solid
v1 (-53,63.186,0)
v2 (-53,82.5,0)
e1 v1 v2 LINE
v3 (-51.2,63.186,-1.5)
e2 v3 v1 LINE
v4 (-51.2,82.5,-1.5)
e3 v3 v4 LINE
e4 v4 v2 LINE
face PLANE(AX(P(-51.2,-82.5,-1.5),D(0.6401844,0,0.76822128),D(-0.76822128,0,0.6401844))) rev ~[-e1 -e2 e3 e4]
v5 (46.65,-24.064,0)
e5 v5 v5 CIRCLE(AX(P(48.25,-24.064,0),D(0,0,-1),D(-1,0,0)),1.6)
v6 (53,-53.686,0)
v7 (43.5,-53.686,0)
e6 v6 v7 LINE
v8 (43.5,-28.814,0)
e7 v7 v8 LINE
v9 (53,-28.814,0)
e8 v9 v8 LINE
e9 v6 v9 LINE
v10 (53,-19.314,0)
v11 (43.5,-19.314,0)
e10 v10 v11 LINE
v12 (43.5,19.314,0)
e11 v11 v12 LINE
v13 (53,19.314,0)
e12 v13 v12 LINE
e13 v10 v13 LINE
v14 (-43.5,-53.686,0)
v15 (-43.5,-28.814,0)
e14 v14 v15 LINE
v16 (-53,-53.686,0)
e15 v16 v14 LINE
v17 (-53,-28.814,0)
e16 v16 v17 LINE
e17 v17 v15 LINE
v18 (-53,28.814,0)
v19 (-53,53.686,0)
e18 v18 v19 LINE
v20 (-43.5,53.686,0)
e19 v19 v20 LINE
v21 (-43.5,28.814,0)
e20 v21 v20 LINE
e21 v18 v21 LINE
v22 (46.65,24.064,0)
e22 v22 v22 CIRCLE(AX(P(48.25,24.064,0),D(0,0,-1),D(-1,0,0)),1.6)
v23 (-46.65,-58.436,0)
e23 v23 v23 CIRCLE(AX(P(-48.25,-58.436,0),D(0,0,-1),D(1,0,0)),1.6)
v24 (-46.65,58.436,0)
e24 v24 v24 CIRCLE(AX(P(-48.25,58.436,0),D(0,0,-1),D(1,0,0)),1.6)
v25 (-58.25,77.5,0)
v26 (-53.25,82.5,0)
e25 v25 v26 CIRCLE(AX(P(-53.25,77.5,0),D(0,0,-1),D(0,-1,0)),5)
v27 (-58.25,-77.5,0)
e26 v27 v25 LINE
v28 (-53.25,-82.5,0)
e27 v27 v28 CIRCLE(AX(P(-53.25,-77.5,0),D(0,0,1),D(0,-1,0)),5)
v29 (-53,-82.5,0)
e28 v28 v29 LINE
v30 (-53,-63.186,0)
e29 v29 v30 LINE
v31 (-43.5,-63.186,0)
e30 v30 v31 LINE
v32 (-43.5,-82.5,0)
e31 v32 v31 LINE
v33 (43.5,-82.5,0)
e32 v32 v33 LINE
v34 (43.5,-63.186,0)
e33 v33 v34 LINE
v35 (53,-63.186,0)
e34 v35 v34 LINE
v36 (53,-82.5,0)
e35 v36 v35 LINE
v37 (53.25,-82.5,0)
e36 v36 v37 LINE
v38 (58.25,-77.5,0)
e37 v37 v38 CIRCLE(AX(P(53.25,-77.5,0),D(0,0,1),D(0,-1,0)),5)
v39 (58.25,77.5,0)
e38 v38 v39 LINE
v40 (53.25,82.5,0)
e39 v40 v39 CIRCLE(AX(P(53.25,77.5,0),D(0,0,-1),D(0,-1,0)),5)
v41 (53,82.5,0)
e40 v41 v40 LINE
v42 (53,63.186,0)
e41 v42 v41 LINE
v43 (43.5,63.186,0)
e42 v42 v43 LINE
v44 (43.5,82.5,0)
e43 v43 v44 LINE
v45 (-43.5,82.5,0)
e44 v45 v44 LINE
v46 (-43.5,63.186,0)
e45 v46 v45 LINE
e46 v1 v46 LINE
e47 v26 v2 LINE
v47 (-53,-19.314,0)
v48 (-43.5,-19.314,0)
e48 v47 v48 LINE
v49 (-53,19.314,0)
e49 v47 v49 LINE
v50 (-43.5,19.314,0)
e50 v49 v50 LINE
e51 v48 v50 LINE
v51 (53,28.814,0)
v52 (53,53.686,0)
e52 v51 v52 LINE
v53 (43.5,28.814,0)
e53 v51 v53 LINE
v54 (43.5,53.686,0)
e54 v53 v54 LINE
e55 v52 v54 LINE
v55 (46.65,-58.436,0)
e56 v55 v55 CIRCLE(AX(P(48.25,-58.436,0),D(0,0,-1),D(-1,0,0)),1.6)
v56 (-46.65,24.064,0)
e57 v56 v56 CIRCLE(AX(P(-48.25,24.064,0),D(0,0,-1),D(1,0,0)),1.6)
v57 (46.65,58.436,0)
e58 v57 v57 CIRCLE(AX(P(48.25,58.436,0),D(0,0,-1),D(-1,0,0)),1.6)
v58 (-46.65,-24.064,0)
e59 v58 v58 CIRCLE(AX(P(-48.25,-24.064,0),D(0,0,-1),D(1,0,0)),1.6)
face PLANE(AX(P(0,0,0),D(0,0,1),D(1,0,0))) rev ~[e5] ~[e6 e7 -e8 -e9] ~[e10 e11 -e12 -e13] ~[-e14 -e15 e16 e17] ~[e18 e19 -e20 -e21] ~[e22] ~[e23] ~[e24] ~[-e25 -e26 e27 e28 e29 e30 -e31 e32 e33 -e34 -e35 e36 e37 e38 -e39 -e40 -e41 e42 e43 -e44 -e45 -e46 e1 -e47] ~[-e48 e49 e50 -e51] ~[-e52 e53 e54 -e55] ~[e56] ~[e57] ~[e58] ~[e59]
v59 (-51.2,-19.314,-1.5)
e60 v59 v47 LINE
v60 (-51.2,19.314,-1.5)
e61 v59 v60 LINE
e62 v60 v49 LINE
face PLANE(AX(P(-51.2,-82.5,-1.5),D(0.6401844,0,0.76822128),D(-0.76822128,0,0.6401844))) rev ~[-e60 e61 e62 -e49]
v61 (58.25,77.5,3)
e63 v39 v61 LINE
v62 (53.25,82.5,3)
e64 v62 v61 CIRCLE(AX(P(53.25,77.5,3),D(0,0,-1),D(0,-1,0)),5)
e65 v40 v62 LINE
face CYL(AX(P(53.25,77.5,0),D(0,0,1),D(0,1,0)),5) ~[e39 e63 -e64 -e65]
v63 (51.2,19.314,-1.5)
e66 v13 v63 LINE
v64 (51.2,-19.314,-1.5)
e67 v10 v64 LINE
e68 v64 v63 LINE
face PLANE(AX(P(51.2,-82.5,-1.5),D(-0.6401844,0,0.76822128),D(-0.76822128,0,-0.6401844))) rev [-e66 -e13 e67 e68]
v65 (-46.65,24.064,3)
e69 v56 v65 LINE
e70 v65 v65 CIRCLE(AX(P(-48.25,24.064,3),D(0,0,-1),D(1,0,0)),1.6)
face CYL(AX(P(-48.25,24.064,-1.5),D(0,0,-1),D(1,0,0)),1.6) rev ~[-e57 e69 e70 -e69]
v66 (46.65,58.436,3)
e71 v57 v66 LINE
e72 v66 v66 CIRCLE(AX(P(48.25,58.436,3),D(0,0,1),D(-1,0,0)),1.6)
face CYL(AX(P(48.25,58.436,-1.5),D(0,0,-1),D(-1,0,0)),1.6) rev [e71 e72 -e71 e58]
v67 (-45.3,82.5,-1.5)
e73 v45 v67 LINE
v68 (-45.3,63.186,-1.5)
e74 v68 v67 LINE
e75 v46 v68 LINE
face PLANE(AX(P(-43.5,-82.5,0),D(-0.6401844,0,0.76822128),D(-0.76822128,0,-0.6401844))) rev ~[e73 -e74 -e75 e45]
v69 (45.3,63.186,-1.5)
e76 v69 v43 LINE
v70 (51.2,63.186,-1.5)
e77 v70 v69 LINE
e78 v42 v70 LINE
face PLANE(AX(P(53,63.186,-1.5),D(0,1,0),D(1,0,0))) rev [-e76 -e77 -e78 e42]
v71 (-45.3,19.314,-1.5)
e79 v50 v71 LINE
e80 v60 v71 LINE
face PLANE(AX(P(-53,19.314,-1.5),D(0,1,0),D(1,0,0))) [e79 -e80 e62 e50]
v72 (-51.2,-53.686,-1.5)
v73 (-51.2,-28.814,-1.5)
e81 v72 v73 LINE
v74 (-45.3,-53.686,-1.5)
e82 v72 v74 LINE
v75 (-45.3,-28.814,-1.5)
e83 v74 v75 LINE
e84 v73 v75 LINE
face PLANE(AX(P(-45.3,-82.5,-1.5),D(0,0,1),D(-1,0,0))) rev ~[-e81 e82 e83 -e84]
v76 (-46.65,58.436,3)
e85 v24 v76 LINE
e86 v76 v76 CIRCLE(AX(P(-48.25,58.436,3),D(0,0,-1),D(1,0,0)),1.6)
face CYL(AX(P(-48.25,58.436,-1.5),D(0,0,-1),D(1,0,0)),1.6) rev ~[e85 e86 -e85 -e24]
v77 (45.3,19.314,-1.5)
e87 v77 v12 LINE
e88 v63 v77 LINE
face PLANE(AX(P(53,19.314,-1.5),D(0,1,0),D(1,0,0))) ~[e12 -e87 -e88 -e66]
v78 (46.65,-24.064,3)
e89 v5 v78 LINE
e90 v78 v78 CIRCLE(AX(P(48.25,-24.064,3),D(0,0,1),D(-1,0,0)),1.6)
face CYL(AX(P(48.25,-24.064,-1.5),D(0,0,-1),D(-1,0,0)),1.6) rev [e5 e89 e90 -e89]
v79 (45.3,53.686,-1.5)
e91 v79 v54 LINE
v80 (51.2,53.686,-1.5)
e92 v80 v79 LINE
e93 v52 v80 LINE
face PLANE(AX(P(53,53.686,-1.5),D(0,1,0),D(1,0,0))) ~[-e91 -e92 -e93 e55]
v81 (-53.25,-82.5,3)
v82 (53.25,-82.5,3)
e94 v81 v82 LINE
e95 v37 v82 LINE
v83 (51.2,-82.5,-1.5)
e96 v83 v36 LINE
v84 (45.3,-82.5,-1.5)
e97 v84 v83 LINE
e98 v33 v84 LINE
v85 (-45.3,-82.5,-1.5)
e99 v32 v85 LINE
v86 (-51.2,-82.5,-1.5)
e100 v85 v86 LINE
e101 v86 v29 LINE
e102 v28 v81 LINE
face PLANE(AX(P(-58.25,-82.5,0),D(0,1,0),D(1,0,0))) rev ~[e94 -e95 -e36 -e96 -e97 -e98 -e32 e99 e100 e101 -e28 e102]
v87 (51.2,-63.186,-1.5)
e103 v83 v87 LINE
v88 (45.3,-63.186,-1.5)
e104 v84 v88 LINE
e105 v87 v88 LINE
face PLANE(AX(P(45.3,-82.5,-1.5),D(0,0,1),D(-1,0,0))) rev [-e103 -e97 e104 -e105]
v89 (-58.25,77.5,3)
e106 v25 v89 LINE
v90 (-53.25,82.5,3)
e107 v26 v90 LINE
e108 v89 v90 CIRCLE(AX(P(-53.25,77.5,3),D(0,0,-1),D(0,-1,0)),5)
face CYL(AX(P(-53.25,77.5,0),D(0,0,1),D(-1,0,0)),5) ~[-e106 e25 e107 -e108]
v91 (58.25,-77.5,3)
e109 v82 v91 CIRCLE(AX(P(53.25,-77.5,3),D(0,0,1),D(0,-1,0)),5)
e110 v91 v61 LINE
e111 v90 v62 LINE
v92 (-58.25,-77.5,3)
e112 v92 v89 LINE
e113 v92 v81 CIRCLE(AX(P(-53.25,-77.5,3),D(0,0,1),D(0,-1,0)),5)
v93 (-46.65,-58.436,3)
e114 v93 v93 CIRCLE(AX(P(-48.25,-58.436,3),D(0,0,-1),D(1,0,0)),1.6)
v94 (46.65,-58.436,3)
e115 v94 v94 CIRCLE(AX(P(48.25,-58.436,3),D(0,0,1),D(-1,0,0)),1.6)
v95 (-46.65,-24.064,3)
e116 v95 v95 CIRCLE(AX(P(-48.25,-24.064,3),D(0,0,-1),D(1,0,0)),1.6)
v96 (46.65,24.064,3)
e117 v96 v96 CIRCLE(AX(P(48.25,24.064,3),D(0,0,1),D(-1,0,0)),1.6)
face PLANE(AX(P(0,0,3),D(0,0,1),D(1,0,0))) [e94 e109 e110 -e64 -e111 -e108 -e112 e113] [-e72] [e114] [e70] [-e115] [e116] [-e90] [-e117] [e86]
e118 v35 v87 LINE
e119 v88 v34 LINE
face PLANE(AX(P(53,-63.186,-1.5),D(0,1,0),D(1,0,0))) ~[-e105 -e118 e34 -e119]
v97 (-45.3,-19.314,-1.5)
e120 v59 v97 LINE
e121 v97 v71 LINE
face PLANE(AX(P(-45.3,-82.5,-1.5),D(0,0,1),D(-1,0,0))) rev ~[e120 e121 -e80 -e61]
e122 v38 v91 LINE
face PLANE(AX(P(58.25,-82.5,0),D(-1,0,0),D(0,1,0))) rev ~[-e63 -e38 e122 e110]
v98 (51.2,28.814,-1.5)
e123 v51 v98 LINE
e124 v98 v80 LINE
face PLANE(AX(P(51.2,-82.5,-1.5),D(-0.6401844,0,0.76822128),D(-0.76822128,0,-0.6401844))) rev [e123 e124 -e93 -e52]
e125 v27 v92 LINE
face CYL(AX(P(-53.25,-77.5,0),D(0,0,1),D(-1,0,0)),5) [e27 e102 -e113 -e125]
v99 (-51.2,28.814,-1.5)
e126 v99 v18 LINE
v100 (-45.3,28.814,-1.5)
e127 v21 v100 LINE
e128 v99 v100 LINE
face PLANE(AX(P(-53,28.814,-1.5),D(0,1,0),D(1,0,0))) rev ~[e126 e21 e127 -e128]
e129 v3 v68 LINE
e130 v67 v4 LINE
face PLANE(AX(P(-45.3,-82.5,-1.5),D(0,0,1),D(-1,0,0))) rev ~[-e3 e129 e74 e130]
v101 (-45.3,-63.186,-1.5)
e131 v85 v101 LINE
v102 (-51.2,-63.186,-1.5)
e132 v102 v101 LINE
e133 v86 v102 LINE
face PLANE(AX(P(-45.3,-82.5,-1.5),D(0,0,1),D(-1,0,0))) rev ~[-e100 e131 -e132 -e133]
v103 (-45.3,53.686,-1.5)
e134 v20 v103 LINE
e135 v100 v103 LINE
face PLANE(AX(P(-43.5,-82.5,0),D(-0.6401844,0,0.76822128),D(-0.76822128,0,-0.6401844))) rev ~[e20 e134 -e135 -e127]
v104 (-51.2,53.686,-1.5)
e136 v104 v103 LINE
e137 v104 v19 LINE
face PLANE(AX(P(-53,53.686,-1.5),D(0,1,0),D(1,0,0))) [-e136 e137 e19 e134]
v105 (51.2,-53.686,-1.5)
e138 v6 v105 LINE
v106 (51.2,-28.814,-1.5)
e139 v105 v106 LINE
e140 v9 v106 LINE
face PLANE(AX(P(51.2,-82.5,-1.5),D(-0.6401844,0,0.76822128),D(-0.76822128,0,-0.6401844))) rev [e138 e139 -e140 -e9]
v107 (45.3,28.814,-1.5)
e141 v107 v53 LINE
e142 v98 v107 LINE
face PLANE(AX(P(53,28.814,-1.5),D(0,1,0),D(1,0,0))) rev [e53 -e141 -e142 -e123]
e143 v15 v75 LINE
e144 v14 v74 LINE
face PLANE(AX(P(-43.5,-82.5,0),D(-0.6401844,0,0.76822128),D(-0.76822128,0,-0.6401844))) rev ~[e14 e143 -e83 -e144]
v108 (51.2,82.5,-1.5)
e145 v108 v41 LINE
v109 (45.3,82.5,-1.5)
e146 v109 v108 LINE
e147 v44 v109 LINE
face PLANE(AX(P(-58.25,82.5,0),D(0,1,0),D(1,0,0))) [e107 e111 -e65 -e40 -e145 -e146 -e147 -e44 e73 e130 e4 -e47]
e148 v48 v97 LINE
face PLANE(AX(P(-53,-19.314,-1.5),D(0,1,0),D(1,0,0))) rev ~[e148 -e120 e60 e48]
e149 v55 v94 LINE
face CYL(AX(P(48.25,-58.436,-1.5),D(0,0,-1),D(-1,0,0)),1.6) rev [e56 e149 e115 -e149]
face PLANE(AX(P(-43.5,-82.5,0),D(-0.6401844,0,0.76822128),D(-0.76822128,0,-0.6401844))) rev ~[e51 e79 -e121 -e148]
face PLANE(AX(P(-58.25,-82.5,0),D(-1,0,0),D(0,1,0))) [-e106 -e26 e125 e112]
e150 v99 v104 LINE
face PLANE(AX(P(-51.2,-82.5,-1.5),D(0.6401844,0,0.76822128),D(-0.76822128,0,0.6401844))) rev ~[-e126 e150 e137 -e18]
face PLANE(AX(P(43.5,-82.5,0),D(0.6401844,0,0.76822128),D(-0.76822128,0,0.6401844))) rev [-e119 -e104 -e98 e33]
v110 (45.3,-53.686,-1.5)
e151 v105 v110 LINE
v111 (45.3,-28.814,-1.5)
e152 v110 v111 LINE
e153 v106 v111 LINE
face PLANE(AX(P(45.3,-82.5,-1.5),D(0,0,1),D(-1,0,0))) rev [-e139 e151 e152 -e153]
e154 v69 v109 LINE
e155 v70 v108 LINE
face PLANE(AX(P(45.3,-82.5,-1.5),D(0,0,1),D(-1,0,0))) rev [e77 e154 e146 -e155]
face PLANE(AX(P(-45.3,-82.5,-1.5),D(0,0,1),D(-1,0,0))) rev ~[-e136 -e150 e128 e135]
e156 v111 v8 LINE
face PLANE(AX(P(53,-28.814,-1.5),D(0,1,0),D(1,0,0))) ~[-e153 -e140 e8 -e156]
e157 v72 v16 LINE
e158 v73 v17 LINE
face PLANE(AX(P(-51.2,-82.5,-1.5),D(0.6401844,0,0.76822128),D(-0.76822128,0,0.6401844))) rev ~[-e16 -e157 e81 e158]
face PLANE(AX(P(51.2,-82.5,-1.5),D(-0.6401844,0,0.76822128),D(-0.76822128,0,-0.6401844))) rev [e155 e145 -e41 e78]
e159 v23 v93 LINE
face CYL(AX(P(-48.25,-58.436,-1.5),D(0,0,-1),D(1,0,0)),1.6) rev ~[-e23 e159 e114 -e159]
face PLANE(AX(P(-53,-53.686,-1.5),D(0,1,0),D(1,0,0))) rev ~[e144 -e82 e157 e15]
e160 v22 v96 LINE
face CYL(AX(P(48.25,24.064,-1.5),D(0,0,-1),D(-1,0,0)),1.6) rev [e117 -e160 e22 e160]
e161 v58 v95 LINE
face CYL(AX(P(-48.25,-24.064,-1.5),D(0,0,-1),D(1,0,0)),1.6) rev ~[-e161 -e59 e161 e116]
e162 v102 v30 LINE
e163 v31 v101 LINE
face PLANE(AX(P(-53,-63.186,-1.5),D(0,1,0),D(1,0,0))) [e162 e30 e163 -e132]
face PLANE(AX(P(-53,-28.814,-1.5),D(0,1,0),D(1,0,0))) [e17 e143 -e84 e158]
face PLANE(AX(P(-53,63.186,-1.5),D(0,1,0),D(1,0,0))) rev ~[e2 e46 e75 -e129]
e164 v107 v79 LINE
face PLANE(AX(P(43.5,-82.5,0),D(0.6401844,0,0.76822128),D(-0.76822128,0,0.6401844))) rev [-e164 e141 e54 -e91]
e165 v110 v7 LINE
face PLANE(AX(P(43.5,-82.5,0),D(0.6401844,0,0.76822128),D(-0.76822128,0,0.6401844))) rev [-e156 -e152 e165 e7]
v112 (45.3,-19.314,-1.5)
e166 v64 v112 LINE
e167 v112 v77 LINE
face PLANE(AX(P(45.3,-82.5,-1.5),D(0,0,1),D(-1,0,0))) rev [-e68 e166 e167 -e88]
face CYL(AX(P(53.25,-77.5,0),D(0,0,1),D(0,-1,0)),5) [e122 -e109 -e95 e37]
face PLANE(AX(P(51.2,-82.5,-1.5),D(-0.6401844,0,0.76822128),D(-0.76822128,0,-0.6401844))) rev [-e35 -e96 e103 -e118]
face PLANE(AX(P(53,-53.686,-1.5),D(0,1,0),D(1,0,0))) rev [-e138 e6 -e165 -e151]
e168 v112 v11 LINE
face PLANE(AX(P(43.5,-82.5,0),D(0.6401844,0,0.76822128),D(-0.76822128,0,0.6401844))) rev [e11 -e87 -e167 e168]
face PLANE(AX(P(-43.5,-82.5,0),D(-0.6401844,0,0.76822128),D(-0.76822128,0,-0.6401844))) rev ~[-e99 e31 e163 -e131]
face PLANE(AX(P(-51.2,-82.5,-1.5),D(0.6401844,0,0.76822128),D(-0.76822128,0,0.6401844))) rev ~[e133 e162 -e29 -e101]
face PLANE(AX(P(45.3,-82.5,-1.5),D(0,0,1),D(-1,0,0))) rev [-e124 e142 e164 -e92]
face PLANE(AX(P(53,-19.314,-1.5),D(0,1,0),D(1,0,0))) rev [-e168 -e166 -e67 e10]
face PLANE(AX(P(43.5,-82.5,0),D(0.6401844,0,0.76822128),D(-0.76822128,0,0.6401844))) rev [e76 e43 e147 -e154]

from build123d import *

# Parameters (mm, degrees)
SKETCH_W        = 116.5
SKETCH_H        = 165
PAD_DEPTH       = 3
PAD001_DEPTH    = 165
SKETCH002_R     = 1.6
POCKET_DEPTH    = 4.5
SKETCH003_W     = 9.5
SKETCH003_H     = 9.5
POCKET001_DEPTH = 1.5
FILLET_R        = 5


with BuildPart() as part:
    # Sketch → Pad (new body)
    with BuildSketch(Plane.XY):
        Rectangle(SKETCH_W, SKETCH_H)
    extrude(amount=PAD_DEPTH)

    # Sketch001 (on Face3 of Pad) → Pad001 (join)
    with BuildSketch(Plane.XZ.offset(82.5)):
        Polygon((-53, 0), (-43.5, 0), (-45.3, -1.5), (-51.2, -1.5), align=None)
    pad001 = extrude(amount=-PAD001_DEPTH)

    # Sketch002 (on Face10 of Pad001) → Pocket (cut)
    with BuildSketch(Plane(origin=(0, 0, -1.5), x_dir=(1, 0, 0), z_dir=(0, 0, -1))):
        with Locations((-48.25, -24.064)):
            Circle(SKETCH002_R)
        with Locations((-48.25, -58.436)):
            Circle(SKETCH002_R)
        with Locations((-48.25, 58.436)):
            Circle(SKETCH002_R)
        with Locations((-48.25, 24.064)):
            Circle(SKETCH002_R)
    pocket = extrude(amount=-POCKET_DEPTH, mode=Mode.SUBTRACT)

    # Sketch003 (on Face10 of Pocket) → Pocket001 (cut)
    with BuildSketch(Plane(origin=(0, 0, -1.5), x_dir=(1, 0, 0), z_dir=(0, 0, -1))):
        with Locations((-48.25, 24.064)):
            Rectangle(SKETCH003_W, SKETCH003_H)
        with Locations((-48.25, 58.436)):
            Rectangle(SKETCH003_W, SKETCH003_H)
        with Locations((-48.25, -24.064)):
            Rectangle(SKETCH003_W, SKETCH003_H)
        with Locations((-48.25, -58.436)):
            Rectangle(SKETCH003_W, SKETCH003_H)
    pocket001 = extrude(amount=-POCKET001_DEPTH, mode=Mode.SUBTRACT)

    # Mirrored: Pad001, Pocket, Pocket001 across YZ
    add(pad001.mirror(Plane.YZ))
    add(pocket.mirror(Plane.YZ), mode=Mode.SUBTRACT)
    add(pocket001.mirror(Plane.YZ), mode=Mode.SUBTRACT)

    # Fillet
    fillet_edges = [part.edges().sort_by_distance(p)[0] for p in [
        (58.25, 82.5, 1.5),
        (-58.25, 82.5, 1.5),
        (58.25, -82.5, 1.5),
        (-58.25, -82.5, 1.5),
    ]]
    fillet(fillet_edges, radius=FILLET_R)


solid = part.part
